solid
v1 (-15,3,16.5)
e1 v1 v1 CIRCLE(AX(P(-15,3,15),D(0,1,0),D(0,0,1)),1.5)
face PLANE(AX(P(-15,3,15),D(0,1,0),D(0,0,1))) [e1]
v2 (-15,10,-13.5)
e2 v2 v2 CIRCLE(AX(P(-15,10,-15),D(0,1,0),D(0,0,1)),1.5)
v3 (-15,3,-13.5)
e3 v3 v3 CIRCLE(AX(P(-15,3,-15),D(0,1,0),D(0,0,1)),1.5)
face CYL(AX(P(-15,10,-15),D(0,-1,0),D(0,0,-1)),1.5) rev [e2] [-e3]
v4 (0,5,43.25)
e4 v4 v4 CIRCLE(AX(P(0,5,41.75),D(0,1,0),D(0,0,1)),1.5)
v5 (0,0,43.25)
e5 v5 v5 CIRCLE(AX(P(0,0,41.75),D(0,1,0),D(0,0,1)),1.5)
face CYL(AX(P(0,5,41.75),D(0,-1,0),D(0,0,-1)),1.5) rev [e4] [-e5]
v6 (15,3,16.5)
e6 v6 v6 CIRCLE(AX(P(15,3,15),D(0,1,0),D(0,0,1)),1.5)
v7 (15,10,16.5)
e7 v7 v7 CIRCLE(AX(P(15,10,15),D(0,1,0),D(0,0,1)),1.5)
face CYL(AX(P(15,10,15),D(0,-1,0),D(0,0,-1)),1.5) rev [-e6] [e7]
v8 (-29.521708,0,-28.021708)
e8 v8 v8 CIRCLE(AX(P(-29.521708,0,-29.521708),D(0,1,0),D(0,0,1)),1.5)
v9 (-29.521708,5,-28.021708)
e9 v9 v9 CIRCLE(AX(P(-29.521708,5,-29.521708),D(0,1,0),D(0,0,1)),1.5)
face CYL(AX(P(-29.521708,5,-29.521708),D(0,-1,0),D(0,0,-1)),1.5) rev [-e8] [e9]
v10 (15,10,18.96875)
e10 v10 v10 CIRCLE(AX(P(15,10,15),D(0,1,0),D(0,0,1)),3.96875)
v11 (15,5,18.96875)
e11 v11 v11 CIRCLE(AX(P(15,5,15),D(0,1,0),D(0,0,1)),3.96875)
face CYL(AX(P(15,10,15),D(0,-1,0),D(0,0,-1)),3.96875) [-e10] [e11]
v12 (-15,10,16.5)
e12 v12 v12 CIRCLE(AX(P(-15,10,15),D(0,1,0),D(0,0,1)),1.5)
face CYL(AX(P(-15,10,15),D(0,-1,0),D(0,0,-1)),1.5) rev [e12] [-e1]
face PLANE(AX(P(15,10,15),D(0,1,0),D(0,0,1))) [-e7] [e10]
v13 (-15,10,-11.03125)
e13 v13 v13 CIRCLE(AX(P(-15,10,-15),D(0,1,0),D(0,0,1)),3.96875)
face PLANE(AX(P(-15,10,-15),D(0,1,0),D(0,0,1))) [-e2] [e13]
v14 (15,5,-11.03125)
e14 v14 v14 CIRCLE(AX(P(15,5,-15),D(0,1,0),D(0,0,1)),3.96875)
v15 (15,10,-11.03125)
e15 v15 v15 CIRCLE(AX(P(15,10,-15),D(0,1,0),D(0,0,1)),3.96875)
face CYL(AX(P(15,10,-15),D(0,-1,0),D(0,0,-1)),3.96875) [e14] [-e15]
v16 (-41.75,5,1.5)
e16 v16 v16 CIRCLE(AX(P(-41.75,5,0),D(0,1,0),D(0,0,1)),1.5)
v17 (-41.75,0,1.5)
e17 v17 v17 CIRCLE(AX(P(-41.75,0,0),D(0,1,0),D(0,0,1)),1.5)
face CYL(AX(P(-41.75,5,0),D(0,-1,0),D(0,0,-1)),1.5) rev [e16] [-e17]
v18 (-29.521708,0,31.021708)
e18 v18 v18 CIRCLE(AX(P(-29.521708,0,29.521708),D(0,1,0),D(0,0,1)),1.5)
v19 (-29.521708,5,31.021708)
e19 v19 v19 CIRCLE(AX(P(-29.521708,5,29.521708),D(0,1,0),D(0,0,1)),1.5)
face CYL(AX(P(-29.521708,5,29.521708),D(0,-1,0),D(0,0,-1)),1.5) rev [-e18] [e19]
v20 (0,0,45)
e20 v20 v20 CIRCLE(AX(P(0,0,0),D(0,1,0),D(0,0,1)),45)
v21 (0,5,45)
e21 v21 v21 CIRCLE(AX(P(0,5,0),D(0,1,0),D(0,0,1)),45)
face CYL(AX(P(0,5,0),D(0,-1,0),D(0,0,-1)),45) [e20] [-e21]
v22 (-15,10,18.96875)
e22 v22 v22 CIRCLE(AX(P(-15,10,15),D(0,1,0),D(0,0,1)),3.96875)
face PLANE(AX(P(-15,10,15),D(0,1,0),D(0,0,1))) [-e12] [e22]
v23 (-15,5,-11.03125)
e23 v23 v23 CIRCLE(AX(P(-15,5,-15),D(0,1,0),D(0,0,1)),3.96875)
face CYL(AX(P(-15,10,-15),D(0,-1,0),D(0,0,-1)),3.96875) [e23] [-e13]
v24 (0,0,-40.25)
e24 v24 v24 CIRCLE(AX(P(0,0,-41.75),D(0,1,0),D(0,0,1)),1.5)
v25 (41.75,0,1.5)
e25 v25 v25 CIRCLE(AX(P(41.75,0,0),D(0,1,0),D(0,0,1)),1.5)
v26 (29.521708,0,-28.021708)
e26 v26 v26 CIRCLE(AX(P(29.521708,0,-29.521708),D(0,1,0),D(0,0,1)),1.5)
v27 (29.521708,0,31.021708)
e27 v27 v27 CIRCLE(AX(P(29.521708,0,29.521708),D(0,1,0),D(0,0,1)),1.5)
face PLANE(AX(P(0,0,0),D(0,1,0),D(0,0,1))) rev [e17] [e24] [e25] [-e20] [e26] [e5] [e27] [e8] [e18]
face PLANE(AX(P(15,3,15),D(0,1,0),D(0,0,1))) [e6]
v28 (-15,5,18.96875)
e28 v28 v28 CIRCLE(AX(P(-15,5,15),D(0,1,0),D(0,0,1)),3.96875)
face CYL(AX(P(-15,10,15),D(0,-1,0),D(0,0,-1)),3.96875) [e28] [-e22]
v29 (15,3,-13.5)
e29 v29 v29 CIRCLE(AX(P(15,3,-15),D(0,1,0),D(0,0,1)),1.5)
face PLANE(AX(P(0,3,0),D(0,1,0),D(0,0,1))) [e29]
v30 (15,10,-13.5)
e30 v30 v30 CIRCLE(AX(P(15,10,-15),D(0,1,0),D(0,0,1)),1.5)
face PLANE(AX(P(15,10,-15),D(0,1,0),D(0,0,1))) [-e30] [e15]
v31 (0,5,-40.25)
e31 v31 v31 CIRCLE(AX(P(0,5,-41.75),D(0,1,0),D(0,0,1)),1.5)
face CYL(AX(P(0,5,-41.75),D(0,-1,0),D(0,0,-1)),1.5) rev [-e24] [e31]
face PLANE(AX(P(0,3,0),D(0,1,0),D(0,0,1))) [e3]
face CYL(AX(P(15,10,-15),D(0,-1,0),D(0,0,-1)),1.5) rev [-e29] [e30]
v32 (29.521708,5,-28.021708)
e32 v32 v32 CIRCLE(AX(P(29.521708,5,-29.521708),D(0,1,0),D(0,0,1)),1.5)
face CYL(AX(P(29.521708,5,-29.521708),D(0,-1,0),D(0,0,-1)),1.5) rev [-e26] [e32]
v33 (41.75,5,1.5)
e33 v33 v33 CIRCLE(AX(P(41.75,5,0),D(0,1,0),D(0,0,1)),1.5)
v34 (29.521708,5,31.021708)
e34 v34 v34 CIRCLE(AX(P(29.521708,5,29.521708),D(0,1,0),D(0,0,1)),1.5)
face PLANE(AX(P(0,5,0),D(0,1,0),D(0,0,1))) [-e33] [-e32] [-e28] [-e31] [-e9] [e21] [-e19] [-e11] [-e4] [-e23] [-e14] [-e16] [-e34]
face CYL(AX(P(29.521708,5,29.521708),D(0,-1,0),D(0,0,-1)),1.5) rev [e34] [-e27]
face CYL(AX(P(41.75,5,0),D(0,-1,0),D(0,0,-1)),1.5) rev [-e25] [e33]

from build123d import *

# Parameters (mm, degrees)
SKETCH1_R               = 45
SKETCH1_R_2             = 1.5
BOSS_EXTRUDE2_DEPTH     = 5
SKETCH2_R               = 3.96875
BOSS_EXTRUDE3_DEPTH     = 5
SKETCH3_R               = 1.5
CUT_EXTRUDE1_DEPTH      = 7
CUT_EXTRUDE2_DEPTH      = 27
CUT_EXTRUDE2_DEPTH_BACK = 19
SKETCH4_W               = 27.9375
SKETCH4_H               = 5
SKETCH5_W               = 38.057412374
SKETCH5_H               = 36.402742271
BOSS_EXTRUDE4_DEPTH     = 4
SKETCH6_R               = 3.96875
SKETCH6_R_2             = 1.5
BOSS_EXTRUDE5_DEPTH     = 5
CUT_EXTRUDE3_START      = -2
SKETCH6_2_R             = 1.5
CUT_EXTRUDE3_DEPTH      = 2


with BuildPart() as part:
    # Sketch1 → Boss-Extrude2 (new body)
    with BuildSketch(Plane(origin=(0, 0, 0), x_dir=(1, 0, 0), z_dir=(0, 1, 0))):
        Circle(SKETCH1_R)
        with Locations((0, 41.75)):
            Circle(SKETCH1_R_2, mode=Mode.SUBTRACT)
        with Locations((29.521708115, 29.521708115)):
            Circle(SKETCH1_R_2, mode=Mode.SUBTRACT)
        with Locations((41.75, 0)):
            Circle(SKETCH1_R_2, mode=Mode.SUBTRACT)
        with Locations((29.521708115, -29.521708115)):
            Circle(SKETCH1_R_2, mode=Mode.SUBTRACT)
        with Locations((0, -41.75)):
            Circle(SKETCH1_R_2, mode=Mode.SUBTRACT)
        with Locations((-29.521708115, -29.521708115)):
            Circle(SKETCH1_R_2, mode=Mode.SUBTRACT)
        with Locations((-41.75, 0)):
            Circle(SKETCH1_R_2, mode=Mode.SUBTRACT)
        with Locations((-29.521708115, 29.521708115)):
            Circle(SKETCH1_R_2, mode=Mode.SUBTRACT)
    extrude(amount=BOSS_EXTRUDE2_DEPTH)

    # Sketch2 → Boss-Extrude3 (add)
    with BuildSketch(Plane(origin=(0, 5, 0), x_dir=(1, 0, 0), z_dir=(0, 1, 0))):
        with Locations((-10, 10)):
            Circle(SKETCH2_R)
        with Locations((10, 10)):
            Circle(SKETCH2_R)
        with Locations((10, -10)):
            Circle(SKETCH2_R)
        with Locations((-10, -10)):
            Circle(SKETCH2_R)
    extrude(amount=BOSS_EXTRUDE3_DEPTH)

    # Sketch3 → Cut-Extrude1 (cut)
    with BuildSketch(Plane(origin=(0, 10, 0), x_dir=(1, 0, 0), z_dir=(0, 1, 0))):
        with Locations((-10, 10)):
            Circle(SKETCH3_R)
        with Locations((10, 10)):
            Circle(SKETCH3_R)
        with Locations((-10, -10)):
            Circle(SKETCH3_R)
        with Locations((10, -10)):
            Circle(SKETCH3_R)
    extrude(amount=-CUT_EXTRUDE1_DEPTH, mode=Mode.SUBTRACT)

    # Sketch4 → Cut-Extrude2 (cut, two sides: drawn at the far end of the back side and taken through both)
    with BuildSketch(Plane.XY.offset(-CUT_EXTRUDE2_DEPTH_BACK)):
        with Locations((0, 7.5)):
            Rectangle(SKETCH4_W, SKETCH4_H)
    extrude(amount=CUT_EXTRUDE2_DEPTH + CUT_EXTRUDE2_DEPTH_BACK, mode=Mode.SUBTRACT)

    # Sketch5 → Boss-Extrude4 (add)
    with BuildSketch(Plane(origin=(0, 5, 0), x_dir=(1, 0, 0), z_dir=(0, 1, 0))):
        with Locations((0.472762887, -0.413667525)):
            Rectangle(SKETCH5_W, SKETCH5_H)
    extrude(amount=-BOSS_EXTRUDE4_DEPTH)

    # Sketch6 → Boss-Extrude5 (add)
    # profile 1 of 4: a face of its own
    with BuildSketch(Plane(origin=(0, 5, 0), x_dir=(1, 0, 0), z_dir=(0, 1, 0))):
        with Locations((-15, 15)):
            Circle(SKETCH6_R)
        with Locations((-15, 15)):
            Circle(SKETCH6_R_2, mode=Mode.SUBTRACT)
    # profile 2 of 4: a face of its own
    with BuildSketch(Plane(origin=(0, 5, 0), x_dir=(1, 0, 0), z_dir=(0, 1, 0))):
        with Locations((15, 15)):
            Circle(SKETCH6_R)
        with Locations((15, 15)):
            Circle(SKETCH6_R_2, mode=Mode.SUBTRACT)
    # profile 3 of 4: a face of its own
    with BuildSketch(Plane(origin=(0, 5, 0), x_dir=(1, 0, 0), z_dir=(0, 1, 0))):
        with Locations((15, -15)):
            Circle(SKETCH6_R)
        with Locations((15, -15)):
            Circle(SKETCH6_R_2, mode=Mode.SUBTRACT)
    # profile 4 of 4: a face of its own
    with BuildSketch(Plane(origin=(0, 5, 0), x_dir=(1, 0, 0), z_dir=(0, 1, 0))):
        with Locations((-15, -15)):
            Circle(SKETCH6_R)
        with Locations((-15, -15)):
            Circle(SKETCH6_R_2, mode=Mode.SUBTRACT)
    extrude(amount=BOSS_EXTRUDE5_DEPTH)

    # Sketch6<2> → Cut-Extrude3 (cut)
    with BuildSketch(Plane(origin=(0, 5, 0), x_dir=(1, 0, 0), z_dir=(0, 1, 0)).offset(CUT_EXTRUDE3_START)):
        with Locations((-15, 15)):
            Circle(SKETCH6_2_R)
        with Locations((15, 15)):
            Circle(SKETCH6_2_R)
        with Locations((15, -15)):
            Circle(SKETCH6_2_R)
        with Locations((-15, -15)):
            Circle(SKETCH6_2_R)
    extrude(amount=CUT_EXTRUDE3_DEPTH, mode=Mode.SUBTRACT)


solid = part.part
